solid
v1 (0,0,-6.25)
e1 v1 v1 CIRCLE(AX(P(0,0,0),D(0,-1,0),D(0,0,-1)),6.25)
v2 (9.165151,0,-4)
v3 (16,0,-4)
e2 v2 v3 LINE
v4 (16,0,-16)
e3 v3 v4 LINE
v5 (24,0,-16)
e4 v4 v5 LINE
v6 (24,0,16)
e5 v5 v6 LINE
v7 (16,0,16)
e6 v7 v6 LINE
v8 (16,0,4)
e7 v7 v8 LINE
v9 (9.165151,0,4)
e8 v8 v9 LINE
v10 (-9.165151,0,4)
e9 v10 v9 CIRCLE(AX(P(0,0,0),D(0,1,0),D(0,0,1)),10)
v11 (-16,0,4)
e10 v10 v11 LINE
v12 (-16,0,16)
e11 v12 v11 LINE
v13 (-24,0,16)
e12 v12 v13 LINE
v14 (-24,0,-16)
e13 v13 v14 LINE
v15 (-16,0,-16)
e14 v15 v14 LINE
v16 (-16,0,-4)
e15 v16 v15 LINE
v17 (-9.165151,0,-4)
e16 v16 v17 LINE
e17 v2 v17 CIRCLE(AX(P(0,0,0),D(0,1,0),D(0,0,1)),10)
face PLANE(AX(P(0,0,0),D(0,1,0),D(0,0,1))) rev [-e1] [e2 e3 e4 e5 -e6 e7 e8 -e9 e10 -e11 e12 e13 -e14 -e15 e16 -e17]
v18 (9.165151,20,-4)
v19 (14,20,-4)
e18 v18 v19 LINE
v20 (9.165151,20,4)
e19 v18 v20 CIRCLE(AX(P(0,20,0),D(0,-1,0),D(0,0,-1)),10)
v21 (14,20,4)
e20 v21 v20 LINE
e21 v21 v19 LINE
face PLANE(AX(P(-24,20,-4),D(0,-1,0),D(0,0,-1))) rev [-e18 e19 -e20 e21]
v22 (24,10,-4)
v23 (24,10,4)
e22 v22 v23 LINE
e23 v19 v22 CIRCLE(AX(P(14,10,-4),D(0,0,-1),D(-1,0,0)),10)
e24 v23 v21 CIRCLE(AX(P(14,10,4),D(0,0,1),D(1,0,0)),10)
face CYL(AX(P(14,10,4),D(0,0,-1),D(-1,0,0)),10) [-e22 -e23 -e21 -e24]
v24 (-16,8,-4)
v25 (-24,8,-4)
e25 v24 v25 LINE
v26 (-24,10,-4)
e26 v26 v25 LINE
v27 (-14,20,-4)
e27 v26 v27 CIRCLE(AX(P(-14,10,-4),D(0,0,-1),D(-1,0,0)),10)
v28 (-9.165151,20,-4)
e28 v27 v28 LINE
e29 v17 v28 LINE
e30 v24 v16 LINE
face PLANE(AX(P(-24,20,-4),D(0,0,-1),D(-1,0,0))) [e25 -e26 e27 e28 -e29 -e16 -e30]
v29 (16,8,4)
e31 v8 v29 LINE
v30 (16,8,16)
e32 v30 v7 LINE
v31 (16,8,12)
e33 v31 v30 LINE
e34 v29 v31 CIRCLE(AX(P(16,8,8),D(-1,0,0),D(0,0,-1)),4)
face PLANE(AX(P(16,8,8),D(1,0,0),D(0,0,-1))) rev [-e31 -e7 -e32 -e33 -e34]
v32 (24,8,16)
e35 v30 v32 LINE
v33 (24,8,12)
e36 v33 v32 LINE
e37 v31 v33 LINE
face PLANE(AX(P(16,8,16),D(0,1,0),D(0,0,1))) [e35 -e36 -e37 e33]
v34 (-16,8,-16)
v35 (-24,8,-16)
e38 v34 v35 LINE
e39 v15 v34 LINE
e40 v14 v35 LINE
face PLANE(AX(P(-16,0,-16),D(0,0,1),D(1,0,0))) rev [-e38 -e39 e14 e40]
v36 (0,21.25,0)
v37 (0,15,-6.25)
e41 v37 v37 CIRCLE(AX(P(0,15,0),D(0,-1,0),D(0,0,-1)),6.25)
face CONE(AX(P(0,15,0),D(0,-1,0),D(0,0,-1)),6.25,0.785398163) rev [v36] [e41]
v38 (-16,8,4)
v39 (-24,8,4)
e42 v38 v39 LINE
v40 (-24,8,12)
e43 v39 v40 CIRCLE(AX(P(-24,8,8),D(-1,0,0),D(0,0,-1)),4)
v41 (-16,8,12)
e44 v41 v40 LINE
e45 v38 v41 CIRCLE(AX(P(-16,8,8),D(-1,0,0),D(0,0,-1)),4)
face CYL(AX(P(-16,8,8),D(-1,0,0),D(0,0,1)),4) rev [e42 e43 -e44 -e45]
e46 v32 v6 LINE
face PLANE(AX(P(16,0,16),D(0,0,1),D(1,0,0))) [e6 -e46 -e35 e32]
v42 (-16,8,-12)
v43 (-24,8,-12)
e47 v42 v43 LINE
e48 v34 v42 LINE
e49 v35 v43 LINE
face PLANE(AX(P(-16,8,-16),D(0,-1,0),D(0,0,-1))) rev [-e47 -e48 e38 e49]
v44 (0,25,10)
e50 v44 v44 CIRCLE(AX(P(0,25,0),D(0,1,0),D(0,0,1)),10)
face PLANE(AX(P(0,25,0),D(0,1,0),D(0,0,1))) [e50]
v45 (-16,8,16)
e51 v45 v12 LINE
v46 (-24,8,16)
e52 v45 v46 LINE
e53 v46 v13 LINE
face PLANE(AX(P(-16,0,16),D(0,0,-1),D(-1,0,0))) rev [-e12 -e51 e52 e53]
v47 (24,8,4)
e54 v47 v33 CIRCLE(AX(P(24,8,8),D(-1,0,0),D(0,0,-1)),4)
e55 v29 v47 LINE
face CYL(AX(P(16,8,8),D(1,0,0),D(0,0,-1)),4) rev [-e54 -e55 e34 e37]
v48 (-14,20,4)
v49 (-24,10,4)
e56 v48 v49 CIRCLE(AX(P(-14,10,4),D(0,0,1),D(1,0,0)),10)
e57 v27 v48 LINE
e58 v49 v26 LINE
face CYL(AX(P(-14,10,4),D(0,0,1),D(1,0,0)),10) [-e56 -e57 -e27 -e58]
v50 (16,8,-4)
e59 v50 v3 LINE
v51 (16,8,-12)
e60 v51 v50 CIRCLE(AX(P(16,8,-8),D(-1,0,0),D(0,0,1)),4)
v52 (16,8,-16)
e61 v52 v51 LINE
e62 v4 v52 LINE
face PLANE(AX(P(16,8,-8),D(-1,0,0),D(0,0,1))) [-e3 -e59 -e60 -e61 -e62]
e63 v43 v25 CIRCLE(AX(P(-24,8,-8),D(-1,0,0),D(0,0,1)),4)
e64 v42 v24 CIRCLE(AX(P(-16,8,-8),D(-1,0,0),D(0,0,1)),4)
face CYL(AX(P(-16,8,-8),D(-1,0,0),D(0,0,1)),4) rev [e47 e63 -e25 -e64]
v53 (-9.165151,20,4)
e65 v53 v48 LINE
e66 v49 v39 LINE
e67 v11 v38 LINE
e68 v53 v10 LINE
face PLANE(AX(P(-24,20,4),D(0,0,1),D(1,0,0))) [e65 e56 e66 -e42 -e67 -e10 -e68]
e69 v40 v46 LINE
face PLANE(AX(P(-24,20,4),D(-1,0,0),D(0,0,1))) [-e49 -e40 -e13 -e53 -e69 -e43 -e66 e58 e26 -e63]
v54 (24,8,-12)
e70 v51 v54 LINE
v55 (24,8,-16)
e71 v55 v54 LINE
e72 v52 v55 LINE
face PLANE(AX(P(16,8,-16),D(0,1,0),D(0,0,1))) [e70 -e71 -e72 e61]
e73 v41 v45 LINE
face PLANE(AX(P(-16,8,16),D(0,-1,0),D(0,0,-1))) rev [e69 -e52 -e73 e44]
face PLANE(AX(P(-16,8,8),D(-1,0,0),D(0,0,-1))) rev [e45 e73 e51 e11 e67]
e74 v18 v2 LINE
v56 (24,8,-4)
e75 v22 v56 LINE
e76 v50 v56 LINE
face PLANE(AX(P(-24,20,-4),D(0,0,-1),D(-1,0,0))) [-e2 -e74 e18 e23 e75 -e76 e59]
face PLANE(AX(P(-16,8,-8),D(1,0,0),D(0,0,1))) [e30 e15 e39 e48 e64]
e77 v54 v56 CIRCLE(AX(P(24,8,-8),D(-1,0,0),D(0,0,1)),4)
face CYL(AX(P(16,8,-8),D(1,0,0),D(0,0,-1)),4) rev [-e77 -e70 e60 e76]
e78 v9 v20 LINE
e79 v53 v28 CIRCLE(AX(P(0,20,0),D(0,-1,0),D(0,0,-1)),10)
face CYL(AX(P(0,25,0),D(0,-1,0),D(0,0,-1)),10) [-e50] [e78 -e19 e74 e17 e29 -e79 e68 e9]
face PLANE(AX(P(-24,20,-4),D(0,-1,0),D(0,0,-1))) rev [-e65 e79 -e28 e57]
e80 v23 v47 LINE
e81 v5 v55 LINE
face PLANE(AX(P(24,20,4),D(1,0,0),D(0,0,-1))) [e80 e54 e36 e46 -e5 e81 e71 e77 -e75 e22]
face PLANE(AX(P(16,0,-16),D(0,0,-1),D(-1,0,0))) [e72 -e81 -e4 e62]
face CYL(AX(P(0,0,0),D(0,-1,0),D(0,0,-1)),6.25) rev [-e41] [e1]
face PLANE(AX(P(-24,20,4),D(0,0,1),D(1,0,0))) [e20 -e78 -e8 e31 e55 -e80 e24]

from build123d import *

# Parameters (mm, degrees)
SKETCH1_R                = 10
PEN_CAP_DEPTH            = 25
SKETCH2_W                = 48
SKETCH2_H                = 8
HOOK_STRUCTURE_DEPTH     = 20
PEN_CENTERING_HOLE_D     = 12.5
PEN_CENTERING_HOLE_DEPTH = 15
PEN_CENTERING_HOLE_TIP   = 6.25
HOOKS_DEPTH              = 8
CORNER_DEC_R             = 10


with BuildPart() as part:
    # Sketch1 → Pen Cap (new body)
    with BuildSketch(Plane(origin=(0, 0, 0), x_dir=(1, 0, 0), z_dir=(0, 1, 0))):
        Circle(SKETCH1_R)
    extrude(amount=PEN_CAP_DEPTH)

    # Sketch2 → Hook Structure (add)
    with BuildSketch(Plane.XZ):
        Rectangle(SKETCH2_W, SKETCH2_H)
    extrude(amount=-HOOK_STRUCTURE_DEPTH)

    # Pen Centering Hole
    with Locations(Plane.XZ):
        with Locations((0, 0)):
            Hole(PEN_CENTERING_HOLE_D / 2, depth=PEN_CENTERING_HOLE_DEPTH)
            with Locations((0, 0, -(PEN_CENTERING_HOLE_DEPTH + PEN_CENTERING_HOLE_TIP / 2))):  # 90° drill point
                Cone(0, PEN_CENTERING_HOLE_D / 2, PEN_CENTERING_HOLE_TIP, mode=Mode.SUBTRACT)

    # Sketch6 → Hooks (add)
    with BuildSketch(Plane(origin=(24, 0, 0), x_dir=(0, 0, -1), z_dir=(1, 0, 0))):
        with BuildLine():
            Line((-4, 0), (-16, 0))
            Line((-16, 0), (-16, 8))
            Line((-16, 8), (-12, 8))
            ThreePointArc((-12, 8), (-8, 4), (-4, 8))
            Line((-4, 8), (-4, 0))
        make_face()
        with BuildLine():
            Line((4, 8), (4, 0))
            Line((4, 0), (16, 0))
            Line((16, 0), (16, 8))
            Line((16, 8), (12, 8))
            ThreePointArc((12, 8), (8, 4), (4, 8))
        make_face()
    hooks = extrude(amount=-HOOKS_DEPTH)

    # Hook Mirror: Hooks across plane
    add(hooks.mirror(Plane(origin=(0, 0, 0), x_dir=(0, 0, 1), z_dir=(1, 0, 0))))

    # Corner Dec
    corner_dec_edges = [part.edges().sort_by_distance(p)[0] for p in [
        (-24, 20, 0),
        (24, 20, 0),
    ]]
    fillet(corner_dec_edges, radius=CORNER_DEC_R)


solid = part.part
